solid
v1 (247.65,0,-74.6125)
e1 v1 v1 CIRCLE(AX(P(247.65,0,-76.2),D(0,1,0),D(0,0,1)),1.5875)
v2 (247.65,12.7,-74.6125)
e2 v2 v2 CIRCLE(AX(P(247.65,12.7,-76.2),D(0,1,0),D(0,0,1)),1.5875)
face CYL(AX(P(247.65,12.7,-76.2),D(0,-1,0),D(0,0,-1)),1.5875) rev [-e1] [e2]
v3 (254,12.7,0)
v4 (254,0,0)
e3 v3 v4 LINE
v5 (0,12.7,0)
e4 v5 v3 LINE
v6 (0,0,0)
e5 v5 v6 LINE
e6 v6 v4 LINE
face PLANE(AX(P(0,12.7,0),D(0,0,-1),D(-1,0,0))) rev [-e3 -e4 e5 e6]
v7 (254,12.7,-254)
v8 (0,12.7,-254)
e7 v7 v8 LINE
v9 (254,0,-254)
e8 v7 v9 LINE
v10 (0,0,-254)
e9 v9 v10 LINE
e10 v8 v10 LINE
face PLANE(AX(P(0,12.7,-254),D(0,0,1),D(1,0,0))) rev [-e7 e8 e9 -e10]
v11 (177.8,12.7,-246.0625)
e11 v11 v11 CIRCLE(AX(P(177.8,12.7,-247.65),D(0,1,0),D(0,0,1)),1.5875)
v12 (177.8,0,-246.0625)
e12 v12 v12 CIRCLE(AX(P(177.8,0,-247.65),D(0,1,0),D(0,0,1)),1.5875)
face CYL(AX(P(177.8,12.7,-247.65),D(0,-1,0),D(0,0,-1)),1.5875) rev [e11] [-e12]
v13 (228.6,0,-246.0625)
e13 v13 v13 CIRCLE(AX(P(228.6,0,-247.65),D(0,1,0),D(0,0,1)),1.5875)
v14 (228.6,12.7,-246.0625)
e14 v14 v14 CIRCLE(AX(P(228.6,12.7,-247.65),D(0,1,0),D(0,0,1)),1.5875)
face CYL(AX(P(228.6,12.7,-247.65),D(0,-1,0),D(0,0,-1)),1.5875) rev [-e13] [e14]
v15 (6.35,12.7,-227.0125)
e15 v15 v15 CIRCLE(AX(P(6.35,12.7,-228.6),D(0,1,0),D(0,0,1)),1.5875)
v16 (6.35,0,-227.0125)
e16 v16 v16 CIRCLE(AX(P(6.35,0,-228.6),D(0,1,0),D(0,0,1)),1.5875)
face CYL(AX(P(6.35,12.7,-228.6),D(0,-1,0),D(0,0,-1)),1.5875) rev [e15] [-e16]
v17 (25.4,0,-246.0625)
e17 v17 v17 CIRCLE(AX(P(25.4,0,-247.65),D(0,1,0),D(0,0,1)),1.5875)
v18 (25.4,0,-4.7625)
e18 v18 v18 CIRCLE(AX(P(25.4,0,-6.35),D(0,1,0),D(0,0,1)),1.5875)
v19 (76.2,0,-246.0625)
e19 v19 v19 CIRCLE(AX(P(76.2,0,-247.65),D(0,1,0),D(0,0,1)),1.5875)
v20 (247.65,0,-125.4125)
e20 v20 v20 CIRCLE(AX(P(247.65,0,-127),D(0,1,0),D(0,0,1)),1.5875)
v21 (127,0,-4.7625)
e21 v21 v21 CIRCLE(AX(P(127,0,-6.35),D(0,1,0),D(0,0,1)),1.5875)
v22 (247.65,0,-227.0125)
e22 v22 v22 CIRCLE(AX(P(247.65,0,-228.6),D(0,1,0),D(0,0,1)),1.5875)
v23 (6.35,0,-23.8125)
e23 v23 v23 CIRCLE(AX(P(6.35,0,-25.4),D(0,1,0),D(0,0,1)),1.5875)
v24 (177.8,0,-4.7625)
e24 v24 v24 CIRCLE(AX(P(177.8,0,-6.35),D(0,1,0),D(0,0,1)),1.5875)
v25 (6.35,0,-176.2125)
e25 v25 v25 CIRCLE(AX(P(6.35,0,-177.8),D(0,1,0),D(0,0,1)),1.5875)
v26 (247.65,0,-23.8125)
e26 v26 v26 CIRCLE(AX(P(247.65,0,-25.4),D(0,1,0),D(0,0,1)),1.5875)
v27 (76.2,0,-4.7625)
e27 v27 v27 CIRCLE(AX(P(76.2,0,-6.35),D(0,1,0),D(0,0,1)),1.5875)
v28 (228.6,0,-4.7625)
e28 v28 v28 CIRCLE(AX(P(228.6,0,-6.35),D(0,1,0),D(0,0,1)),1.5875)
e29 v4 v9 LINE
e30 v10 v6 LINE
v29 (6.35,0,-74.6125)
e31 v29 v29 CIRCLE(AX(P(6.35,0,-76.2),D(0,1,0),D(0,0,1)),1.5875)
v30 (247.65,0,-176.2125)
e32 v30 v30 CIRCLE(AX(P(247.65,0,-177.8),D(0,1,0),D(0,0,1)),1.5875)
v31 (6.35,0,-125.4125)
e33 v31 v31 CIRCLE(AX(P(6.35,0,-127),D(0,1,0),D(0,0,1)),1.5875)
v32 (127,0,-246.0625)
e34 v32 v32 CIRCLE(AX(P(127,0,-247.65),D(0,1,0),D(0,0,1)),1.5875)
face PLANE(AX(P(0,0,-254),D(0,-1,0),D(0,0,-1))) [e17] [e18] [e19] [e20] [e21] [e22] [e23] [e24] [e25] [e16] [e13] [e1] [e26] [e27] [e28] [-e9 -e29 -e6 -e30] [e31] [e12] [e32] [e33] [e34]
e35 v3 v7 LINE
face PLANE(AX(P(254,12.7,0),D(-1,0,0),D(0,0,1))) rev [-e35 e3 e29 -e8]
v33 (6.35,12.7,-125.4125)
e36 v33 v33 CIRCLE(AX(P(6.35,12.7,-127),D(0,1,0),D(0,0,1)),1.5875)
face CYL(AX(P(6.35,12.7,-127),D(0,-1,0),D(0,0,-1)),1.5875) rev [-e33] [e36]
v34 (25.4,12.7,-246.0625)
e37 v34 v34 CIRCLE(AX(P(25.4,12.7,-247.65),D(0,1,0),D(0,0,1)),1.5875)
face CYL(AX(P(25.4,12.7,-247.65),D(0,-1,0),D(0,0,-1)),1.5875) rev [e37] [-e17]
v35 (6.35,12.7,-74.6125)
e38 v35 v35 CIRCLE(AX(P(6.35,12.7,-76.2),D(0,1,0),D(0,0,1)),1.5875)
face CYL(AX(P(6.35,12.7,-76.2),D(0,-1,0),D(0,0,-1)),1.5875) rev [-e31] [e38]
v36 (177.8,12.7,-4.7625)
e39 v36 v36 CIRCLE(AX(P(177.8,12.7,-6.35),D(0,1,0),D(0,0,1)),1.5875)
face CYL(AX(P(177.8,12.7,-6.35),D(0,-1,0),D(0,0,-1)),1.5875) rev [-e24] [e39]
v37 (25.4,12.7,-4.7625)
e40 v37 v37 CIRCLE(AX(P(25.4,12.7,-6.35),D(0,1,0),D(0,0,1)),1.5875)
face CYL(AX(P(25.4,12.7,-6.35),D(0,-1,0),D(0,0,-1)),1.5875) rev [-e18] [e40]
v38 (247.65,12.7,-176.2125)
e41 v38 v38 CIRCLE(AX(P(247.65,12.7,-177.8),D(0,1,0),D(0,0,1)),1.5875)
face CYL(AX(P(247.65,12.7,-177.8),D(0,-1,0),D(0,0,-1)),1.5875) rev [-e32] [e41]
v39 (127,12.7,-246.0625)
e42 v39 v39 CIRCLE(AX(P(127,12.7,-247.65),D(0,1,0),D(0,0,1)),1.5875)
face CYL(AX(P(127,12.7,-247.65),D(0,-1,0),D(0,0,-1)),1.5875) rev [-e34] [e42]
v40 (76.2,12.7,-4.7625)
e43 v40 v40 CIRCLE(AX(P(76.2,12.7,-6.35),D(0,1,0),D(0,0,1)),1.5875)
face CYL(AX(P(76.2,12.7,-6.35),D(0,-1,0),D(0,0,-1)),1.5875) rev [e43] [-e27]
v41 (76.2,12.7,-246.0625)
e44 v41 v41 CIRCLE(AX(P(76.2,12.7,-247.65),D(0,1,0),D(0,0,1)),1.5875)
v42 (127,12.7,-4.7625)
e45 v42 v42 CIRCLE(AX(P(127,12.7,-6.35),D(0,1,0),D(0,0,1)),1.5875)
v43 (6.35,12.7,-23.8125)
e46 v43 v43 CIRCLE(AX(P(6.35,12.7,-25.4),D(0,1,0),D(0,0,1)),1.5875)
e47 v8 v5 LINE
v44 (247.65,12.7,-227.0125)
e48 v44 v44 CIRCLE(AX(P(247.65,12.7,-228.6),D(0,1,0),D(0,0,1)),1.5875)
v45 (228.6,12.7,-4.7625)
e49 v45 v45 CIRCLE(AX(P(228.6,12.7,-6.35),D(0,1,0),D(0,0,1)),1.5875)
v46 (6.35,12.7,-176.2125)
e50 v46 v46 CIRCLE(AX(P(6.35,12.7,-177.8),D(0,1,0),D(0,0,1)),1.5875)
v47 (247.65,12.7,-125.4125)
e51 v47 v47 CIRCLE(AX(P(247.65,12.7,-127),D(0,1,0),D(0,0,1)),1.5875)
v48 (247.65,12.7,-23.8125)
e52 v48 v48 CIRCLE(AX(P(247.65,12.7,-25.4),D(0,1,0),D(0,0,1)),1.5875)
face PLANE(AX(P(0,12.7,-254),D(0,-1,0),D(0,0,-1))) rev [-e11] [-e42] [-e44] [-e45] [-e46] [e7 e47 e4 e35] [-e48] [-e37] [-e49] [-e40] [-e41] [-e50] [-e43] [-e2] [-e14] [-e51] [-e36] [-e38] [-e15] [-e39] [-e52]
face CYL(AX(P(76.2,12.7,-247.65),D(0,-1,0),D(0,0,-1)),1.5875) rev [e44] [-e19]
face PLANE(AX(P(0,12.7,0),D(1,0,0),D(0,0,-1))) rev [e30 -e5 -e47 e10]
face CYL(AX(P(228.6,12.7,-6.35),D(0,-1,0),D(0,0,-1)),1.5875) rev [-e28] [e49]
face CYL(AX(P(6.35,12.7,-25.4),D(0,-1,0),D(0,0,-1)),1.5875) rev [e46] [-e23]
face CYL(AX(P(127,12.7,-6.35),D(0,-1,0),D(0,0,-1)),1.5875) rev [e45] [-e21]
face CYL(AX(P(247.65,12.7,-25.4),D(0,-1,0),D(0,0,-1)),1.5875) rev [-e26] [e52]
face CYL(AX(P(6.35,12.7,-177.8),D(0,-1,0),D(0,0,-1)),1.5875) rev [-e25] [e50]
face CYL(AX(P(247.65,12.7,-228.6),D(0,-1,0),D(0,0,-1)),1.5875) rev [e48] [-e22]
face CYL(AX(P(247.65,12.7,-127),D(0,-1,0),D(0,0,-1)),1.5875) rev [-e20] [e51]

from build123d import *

# Parameters (mm, degrees)
SKETCH1_W           = 254
SKETCH1_H           = 254
SKETCH1_R           = 1.5875
BOSS_EXTRUDE1_DEPTH = 12.7


with BuildPart() as part:
    # Sketch1 → Boss-Extrude1 (new body)
    with BuildSketch(Plane(origin=(0, 0, 0), x_dir=(1, 0, 0), z_dir=(0, 1, 0))):
        with Locations((127, 127)):
            Rectangle(SKETCH1_W, SKETCH1_H)
        with Locations((6.35, 25.4)):
            Circle(SKETCH1_R, mode=Mode.SUBTRACT)
        with Locations((247.65, 25.4)):
            Circle(SKETCH1_R, mode=Mode.SUBTRACT)
        with Locations((6.35, 76.2)):
            Circle(SKETCH1_R, mode=Mode.SUBTRACT)
        with Locations((247.65, 76.2)):
            Circle(SKETCH1_R, mode=Mode.SUBTRACT)
        with Locations((6.35, 127)):
            Circle(SKETCH1_R, mode=Mode.SUBTRACT)
        with Locations((247.65, 127)):
            Circle(SKETCH1_R, mode=Mode.SUBTRACT)
        with Locations((6.35, 177.8)):
            Circle(SKETCH1_R, mode=Mode.SUBTRACT)
        with Locations((247.65, 177.8)):
            Circle(SKETCH1_R, mode=Mode.SUBTRACT)
        with Locations((6.35, 228.6)):
            Circle(SKETCH1_R, mode=Mode.SUBTRACT)
        with Locations((247.65, 228.6)):
            Circle(SKETCH1_R, mode=Mode.SUBTRACT)
        with Locations((25.4, 6.35)):
            Circle(SKETCH1_R, mode=Mode.SUBTRACT)
        with Locations((76.2, 6.35)):
            Circle(SKETCH1_R, mode=Mode.SUBTRACT)
        with Locations((127, 6.35)):
            Circle(SKETCH1_R, mode=Mode.SUBTRACT)
        with Locations((177.8, 6.35)):
            Circle(SKETCH1_R, mode=Mode.SUBTRACT)
        with Locations((228.6, 6.35)):
            Circle(SKETCH1_R, mode=Mode.SUBTRACT)
        with Locations((25.4, 247.65)):
            Circle(SKETCH1_R, mode=Mode.SUBTRACT)
        with Locations((76.2, 247.65)):
            Circle(SKETCH1_R, mode=Mode.SUBTRACT)
        with Locations((127, 247.65)):
            Circle(SKETCH1_R, mode=Mode.SUBTRACT)
        with Locations((177.8, 247.65)):
            Circle(SKETCH1_R, mode=Mode.SUBTRACT)
        with Locations((228.6, 247.65)):
            Circle(SKETCH1_R, mode=Mode.SUBTRACT)
    extrude(amount=BOSS_EXTRUDE1_DEPTH)


solid = part.part
